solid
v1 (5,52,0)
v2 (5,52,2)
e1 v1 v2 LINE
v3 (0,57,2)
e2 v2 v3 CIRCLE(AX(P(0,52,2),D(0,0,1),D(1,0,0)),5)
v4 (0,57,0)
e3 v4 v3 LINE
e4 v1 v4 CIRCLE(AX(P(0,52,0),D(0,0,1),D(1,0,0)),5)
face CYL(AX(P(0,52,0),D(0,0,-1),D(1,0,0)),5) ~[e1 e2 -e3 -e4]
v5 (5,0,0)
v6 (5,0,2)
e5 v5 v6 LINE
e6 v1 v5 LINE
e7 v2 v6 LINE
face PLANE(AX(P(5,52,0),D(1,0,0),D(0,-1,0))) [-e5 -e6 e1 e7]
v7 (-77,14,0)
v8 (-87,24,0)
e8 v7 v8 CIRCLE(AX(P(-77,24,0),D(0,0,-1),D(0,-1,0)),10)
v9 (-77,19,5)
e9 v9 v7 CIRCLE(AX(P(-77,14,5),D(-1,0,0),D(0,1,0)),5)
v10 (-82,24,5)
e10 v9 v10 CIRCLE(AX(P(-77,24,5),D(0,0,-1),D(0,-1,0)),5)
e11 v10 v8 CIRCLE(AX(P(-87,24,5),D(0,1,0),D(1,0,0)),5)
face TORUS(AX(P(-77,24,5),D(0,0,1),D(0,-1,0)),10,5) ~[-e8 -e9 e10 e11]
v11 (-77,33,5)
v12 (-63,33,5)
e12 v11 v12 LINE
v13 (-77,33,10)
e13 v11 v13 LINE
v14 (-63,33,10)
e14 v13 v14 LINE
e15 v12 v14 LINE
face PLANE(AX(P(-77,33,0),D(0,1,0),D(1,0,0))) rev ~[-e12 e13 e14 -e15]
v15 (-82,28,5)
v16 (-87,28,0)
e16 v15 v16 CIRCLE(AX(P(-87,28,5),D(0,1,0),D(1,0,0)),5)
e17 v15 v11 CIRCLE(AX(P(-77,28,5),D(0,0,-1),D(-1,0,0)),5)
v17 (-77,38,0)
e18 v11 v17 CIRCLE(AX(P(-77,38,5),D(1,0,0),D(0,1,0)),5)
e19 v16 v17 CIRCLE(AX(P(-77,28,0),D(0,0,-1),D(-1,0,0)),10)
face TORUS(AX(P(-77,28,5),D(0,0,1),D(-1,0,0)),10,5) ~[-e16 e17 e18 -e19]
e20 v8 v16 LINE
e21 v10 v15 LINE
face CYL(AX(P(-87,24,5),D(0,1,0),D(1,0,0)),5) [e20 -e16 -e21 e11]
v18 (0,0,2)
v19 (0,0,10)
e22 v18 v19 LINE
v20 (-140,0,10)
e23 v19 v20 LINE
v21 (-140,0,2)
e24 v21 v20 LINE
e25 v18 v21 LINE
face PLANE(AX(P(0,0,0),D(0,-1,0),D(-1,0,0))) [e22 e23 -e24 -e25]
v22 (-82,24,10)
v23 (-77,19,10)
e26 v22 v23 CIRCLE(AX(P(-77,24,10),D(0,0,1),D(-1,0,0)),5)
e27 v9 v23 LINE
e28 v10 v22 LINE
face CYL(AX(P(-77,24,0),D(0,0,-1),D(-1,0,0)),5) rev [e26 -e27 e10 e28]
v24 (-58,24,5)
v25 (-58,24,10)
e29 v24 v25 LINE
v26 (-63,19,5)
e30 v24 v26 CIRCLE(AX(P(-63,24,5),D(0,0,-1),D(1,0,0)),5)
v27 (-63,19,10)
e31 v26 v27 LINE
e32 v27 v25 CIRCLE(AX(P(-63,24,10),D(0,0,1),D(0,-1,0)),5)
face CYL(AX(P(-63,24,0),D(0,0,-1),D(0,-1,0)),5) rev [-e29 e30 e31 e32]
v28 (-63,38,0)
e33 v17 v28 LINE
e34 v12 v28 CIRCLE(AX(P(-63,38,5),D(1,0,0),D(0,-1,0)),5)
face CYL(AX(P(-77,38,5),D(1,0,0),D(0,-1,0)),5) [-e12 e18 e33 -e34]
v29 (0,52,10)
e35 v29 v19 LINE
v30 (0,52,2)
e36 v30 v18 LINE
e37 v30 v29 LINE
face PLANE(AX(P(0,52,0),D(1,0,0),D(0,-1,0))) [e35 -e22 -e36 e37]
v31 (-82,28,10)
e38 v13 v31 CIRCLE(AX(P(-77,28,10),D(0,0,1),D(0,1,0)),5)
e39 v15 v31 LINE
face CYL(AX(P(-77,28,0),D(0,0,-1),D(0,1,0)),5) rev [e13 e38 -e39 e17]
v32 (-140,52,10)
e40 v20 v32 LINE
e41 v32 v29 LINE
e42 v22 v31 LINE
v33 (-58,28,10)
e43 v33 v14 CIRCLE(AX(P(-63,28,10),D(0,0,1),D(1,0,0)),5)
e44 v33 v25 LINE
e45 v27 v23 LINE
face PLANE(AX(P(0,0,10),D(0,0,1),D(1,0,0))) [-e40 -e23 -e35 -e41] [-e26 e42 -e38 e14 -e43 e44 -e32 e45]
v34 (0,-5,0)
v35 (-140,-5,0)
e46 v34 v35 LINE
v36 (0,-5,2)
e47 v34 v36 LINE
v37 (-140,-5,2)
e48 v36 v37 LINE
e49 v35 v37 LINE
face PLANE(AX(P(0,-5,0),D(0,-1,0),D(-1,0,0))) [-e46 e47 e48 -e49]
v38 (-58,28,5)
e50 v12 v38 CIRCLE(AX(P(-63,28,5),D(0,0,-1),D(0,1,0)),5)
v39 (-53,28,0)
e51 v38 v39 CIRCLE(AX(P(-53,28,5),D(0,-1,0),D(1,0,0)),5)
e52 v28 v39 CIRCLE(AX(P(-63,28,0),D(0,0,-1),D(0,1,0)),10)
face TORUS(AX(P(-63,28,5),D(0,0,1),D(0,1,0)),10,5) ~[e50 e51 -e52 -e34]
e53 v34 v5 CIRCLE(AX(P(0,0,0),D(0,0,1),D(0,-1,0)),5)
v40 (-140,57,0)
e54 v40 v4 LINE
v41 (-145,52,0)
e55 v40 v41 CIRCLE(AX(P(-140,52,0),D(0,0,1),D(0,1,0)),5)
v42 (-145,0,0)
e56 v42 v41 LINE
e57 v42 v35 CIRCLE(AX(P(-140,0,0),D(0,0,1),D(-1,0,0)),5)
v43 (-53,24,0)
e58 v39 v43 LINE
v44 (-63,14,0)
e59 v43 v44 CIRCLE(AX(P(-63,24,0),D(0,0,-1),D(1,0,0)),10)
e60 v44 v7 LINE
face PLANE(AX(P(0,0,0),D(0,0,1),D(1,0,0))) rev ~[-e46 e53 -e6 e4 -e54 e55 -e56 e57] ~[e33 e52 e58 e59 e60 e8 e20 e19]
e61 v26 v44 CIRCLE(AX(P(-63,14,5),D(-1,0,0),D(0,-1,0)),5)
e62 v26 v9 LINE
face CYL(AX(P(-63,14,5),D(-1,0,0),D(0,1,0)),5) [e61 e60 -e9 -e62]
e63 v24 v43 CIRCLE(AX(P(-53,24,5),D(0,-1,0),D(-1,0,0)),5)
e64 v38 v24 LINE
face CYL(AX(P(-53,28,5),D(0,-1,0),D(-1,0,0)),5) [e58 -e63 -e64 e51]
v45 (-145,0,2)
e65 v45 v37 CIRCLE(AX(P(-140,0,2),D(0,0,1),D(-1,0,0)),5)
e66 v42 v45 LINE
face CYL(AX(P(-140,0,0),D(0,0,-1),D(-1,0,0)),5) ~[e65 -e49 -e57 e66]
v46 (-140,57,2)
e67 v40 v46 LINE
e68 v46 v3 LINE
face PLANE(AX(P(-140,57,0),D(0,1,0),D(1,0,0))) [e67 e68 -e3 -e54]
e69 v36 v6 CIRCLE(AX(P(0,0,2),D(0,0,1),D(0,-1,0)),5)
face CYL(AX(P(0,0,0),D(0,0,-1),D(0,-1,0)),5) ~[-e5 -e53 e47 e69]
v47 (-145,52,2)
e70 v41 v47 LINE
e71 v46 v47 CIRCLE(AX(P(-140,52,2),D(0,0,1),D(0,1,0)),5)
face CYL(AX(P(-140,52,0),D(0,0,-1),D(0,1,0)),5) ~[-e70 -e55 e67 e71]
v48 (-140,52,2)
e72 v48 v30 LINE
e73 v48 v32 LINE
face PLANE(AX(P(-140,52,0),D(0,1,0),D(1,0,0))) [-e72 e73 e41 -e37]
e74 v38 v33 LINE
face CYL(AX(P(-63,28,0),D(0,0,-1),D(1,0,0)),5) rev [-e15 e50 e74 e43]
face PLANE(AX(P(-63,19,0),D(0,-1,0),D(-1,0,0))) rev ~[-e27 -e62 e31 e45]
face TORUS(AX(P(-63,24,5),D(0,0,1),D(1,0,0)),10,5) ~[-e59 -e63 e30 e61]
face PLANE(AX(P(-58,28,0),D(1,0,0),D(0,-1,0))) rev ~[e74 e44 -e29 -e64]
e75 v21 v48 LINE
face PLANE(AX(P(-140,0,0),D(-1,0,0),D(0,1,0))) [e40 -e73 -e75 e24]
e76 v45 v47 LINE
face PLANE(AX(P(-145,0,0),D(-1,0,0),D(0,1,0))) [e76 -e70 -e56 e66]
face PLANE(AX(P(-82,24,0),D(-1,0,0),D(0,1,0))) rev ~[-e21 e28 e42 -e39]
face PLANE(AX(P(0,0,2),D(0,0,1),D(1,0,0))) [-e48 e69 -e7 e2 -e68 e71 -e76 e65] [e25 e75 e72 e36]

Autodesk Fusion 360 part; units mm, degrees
sketch "Sketch1" plane through (0, 0, 0) normal (0, 0, 1) x (1, 0, 0)
  line L0 (0, 0) -> (-140, 0)
  line L1 (-140, 0) -> (-140, 52)
  line L2 (-140, 52) -> (0, 52)
  line L3 (0, 52) -> (0, 0)
  line L4 (0, -5) -> (-140, -5)
  line L5 (-145, 0) -> (-145, 52)
  line L6 (-140, 57) -> (0, 57)
  line L7 (5, 52) -> (5, 0)
  line L8 (-63, 19) -> (-77, 19)
  line L9 (-58, 28) -> (-58, 24)
  arc A0 (-77, 33) -> (-82, 28) centre (-77, 28) ccw
  arc A1 (-82, 24) -> (-77, 19) centre (-77, 24) ccw
  arc A2 (-63, 19) -> (-58, 24) centre (-63, 24) ccw
  line L10 (-82, 24) -> (-82, 28)
  line L11 (-77, 33) -> (-63, 33)
  arc A3 (-58, 28) -> (-63, 33) centre (-63, 28) ccw
  arc A4 (0, -5) -> (5, 0) centre (0, 0) ccw
  arc A5 (5, 52) -> (0, 57) centre (0, 52) ccw
  arc A6 (-140, 57) -> (-145, 52) centre (-140, 52) ccw
  arc A7 (-145, 0) -> (-140, -5) centre (-140, 0) ccw
  point P0 (-82, 19)
  point P1 (-82, 33)
  point P2 (-58, 33)
  dimension "d1" = 140
  dimension "d2" = 52
  dimension "d4" = 24
  dimension "d5" = 14
  dimension "d7" = 5
  dimension "d8" = 5
  dimension "d9" = 19
  dimension "d10" = 58
  dimension "d11" = 5
extrude "Extrude1" add sketch "Sketch1" along normal blind 10 contours L0 L1 L2 L3
fillet "Fillet1" radius 5 8 edges at (-82, 26, 0) (-80.5355, 31.5355, 0) (-70, 33, 0) (-59.4645, 31.5355, 0) (-58, 26, 0) (-59.4645, 20.4645, 0) (-70, 19, 0) (-80.5355, 20.4645, 0)
extrude "Extrude2" add sketch "Sketch1" along normal blind 2 contours L4 L5 L6 L7 A4 A5 A6 A7
properties part number "Back Plate"
